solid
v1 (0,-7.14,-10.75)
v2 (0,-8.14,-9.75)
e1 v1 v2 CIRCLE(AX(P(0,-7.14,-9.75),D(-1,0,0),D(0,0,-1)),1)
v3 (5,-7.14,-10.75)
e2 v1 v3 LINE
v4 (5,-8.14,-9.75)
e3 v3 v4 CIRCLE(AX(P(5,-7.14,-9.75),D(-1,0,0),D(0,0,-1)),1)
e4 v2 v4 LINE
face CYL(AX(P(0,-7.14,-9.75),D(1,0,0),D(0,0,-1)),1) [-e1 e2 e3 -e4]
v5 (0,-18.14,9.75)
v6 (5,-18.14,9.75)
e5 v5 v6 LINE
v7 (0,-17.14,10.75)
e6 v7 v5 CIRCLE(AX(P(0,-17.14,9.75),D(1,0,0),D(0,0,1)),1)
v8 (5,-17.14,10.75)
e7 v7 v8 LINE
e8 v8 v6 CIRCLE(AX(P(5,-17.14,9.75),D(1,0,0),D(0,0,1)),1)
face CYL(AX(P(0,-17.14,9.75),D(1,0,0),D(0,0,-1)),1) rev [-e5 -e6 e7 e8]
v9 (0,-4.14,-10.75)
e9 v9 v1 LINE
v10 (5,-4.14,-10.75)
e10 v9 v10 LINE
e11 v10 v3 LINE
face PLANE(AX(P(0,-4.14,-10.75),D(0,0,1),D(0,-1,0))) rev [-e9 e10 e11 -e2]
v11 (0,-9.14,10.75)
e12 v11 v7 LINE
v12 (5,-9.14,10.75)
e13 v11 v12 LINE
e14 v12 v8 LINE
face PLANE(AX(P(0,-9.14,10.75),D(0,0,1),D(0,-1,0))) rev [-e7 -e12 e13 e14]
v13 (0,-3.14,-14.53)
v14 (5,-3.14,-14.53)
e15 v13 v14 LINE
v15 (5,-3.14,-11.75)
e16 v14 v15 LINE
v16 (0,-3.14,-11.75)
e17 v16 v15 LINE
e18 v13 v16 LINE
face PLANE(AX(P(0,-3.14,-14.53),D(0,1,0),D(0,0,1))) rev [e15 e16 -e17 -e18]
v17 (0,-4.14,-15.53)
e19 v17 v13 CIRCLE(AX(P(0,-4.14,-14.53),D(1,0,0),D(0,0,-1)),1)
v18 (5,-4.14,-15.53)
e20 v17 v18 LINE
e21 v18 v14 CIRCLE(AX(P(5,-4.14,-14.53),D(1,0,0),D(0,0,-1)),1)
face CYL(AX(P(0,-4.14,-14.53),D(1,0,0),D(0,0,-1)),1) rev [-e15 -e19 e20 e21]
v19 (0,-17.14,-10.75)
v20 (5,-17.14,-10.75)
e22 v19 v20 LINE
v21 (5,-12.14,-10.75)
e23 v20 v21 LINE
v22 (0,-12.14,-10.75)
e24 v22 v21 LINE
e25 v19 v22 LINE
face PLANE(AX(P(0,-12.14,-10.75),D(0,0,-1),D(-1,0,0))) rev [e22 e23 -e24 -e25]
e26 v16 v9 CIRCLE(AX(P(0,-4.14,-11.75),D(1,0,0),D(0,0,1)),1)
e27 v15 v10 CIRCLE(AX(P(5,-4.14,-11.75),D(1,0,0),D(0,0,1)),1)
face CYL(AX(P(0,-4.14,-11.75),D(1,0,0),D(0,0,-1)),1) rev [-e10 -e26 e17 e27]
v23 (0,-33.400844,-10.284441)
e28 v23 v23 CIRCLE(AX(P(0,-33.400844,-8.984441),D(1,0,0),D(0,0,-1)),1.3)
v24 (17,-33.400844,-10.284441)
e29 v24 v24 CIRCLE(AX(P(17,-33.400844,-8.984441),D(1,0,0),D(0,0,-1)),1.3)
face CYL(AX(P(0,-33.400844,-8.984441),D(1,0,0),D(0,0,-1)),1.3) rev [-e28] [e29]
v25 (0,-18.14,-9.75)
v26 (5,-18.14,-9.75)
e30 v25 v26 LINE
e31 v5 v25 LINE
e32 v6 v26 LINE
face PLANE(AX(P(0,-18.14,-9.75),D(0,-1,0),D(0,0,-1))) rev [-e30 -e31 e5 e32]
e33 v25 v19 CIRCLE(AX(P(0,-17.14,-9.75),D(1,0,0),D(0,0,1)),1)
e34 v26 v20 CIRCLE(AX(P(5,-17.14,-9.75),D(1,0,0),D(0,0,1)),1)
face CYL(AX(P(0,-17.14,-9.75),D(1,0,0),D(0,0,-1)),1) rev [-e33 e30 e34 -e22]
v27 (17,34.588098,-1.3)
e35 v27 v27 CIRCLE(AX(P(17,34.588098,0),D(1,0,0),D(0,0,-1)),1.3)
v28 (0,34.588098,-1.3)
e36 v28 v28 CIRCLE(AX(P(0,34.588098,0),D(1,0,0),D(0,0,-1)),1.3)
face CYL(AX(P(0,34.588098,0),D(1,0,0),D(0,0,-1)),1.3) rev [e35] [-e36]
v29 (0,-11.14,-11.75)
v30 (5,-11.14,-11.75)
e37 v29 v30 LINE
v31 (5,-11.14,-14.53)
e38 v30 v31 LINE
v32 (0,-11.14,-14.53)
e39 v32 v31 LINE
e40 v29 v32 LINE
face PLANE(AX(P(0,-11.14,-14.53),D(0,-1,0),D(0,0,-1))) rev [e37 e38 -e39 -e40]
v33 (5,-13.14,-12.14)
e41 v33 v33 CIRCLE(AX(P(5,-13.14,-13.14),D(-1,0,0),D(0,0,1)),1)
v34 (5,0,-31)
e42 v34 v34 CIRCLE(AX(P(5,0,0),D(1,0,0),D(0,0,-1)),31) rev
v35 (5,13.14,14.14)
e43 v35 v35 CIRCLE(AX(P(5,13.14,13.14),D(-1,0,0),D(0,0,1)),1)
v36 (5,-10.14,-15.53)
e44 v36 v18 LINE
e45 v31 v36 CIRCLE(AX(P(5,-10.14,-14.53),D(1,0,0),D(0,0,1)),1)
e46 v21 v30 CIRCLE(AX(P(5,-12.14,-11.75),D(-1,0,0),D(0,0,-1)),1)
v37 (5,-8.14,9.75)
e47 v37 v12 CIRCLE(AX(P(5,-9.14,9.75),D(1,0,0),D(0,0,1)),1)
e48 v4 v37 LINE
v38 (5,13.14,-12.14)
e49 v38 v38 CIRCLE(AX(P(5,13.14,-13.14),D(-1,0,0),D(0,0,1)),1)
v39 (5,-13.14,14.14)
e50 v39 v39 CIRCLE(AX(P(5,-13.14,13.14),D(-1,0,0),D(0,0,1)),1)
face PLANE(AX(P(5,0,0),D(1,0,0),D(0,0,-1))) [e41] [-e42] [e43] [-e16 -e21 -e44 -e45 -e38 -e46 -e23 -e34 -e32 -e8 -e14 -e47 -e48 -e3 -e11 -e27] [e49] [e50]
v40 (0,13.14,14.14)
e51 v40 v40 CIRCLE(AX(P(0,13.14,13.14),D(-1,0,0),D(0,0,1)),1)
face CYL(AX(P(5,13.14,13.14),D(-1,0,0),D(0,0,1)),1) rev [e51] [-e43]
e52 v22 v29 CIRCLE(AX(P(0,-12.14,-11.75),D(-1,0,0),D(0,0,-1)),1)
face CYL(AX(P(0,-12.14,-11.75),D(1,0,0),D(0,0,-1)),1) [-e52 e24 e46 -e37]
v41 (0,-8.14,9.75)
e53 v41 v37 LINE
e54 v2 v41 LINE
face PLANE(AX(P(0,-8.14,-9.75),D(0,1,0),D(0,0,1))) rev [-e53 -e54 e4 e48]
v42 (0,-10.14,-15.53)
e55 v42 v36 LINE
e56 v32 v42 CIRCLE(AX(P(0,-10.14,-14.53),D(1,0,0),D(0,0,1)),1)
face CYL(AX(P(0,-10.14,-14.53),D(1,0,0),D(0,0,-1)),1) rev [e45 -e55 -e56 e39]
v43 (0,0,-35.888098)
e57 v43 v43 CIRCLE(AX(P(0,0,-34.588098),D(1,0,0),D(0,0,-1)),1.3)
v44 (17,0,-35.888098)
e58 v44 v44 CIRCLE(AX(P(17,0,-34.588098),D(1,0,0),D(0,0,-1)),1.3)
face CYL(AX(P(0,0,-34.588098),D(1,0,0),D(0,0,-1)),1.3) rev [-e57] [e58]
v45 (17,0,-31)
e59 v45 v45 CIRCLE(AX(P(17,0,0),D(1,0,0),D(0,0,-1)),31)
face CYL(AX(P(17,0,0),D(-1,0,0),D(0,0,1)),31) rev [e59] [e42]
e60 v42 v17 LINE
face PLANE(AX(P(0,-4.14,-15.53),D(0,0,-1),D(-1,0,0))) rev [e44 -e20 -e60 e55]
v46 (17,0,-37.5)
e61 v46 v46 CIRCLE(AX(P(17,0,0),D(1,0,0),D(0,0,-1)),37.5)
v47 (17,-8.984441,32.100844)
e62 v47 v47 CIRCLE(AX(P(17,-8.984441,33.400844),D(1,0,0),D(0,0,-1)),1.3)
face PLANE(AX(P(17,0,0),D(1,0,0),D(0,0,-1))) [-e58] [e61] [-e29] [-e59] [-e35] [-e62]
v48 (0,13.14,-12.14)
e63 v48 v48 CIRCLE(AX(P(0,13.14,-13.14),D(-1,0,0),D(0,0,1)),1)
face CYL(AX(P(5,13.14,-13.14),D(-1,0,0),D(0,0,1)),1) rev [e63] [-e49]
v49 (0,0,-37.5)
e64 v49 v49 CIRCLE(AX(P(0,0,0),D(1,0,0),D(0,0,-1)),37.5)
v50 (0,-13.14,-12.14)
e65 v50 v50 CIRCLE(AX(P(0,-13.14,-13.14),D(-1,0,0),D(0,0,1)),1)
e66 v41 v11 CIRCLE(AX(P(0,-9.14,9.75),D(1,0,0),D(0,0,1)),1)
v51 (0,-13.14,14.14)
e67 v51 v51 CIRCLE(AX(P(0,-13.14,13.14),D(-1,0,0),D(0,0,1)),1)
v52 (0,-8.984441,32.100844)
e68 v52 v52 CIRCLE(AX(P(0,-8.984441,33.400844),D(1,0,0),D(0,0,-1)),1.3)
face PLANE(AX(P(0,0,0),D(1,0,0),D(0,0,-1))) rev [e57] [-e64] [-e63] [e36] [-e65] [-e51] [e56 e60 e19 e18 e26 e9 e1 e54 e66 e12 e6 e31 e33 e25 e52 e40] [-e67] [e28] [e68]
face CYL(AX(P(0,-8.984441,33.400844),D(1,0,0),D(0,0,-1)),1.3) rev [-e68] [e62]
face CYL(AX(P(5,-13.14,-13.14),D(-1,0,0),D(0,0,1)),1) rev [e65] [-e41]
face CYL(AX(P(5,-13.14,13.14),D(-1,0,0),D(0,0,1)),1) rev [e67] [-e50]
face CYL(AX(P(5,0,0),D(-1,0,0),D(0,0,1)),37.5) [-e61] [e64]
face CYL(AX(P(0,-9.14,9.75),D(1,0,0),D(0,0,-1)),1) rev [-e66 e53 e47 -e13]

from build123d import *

# Parameters (mm, degrees)
SKETCH1_R               = 37.5
BOSS_EXTRUDE1_DEPTH     = 5
SKETCH3_R               = 1
CUT_EXTRUDE2_DEPTH      = 6
SKETCH4_R               = 37.5
SKETCH4_R_2             = 31
BOSS_EXTRUDE2_DEPTH     = 12
SKETCH2_R               = 1.3
CUT_EXTRUDE1_DEPTH      = 13
CUT_EXTRUDE1_DEPTH_BACK = 6
CUT_EXTRUDE3_DEPTH      = 6


with BuildPart() as part:
    # Sketch1 → Boss-Extrude1 (new body)
    with BuildSketch(Plane(origin=(0, 0, 0), x_dir=(0, 0, -1), z_dir=(1, 0, 0))):
        Circle(SKETCH1_R)
    extrude(amount=BOSS_EXTRUDE1_DEPTH)

    # Sketch3 → Cut-Extrude2 (cut, through all)
    with BuildSketch(Plane.ZY):
        with Locations((-13.14, 13.14)):
            Circle(SKETCH3_R)
        with Locations((13.14, 13.14)):
            Circle(SKETCH3_R)
        with Locations((13.14, -13.14)):
            Circle(SKETCH3_R)
        with Locations((-13.14, -13.14)):
            Circle(SKETCH3_R)
    extrude(amount=-CUT_EXTRUDE2_DEPTH, mode=Mode.SUBTRACT)

    # Sketch4 → Boss-Extrude2 (add)
    with BuildSketch(Plane(origin=(5, 0, 0), x_dir=(0, 0, -1), z_dir=(1, 0, 0))):
        Circle(SKETCH4_R)
        Circle(SKETCH4_R_2, mode=Mode.SUBTRACT)
    extrude(amount=BOSS_EXTRUDE2_DEPTH)

    # Sketch2 → Cut-Extrude1 (cut, two sides)
    with BuildSketch(Plane(origin=(5, 0, 0), x_dir=(0, 0, -1), z_dir=(1, 0, 0))) as cut_extrude1_sk:
        with Locations((0, 34.588098227)):
            Circle(SKETCH2_R)
        with Locations((8.984441127, -33.400843651)):
            Circle(SKETCH2_R)
        with Locations((34.588098227, 0)):
            Circle(SKETCH2_R)
        with Locations((-33.400843651, -8.984441127)):
            Circle(SKETCH2_R)
    extrude(amount=CUT_EXTRUDE1_DEPTH, mode=Mode.SUBTRACT)
    extrude(cut_extrude1_sk.sketch, amount=-CUT_EXTRUDE1_DEPTH_BACK, mode=Mode.SUBTRACT)

    # Sketch5 → Cut-Extrude3 (cut, through all)
    with BuildSketch(Plane(origin=(5, 0, 0), x_dir=(0, 0, -1), z_dir=(1, 0, 0))):
        with BuildLine():
            Line((9.75, -8.14), (-9.75, -8.14))
            ThreePointArc((-9.75, -8.14), (-10.457106781, -8.432893219), (-10.75, -9.14))
            Line((-10.75, -9.14), (-10.75, -17.14))
            ThreePointArc((-10.75, -17.14), (-10.457106781, -17.847106781), (-9.75, -18.14))
            Line((-9.75, -18.14), (9.75, -18.14))
            ThreePointArc((9.75, -18.14), (10.457106781, -17.847106781), (10.75, -17.14))
            Line((10.75, -17.14), (10.75, -12.14))
            ThreePointArc((10.75, -12.14), (11.042893219, -11.432893219), (11.75, -11.14))
            Line((11.75, -11.14), (14.53, -11.14))
            ThreePointArc((14.53, -11.14), (15.237106781, -10.847106781), (15.53, -10.14))
            Line((15.53, -10.14), (15.53, -4.14))
            ThreePointArc((15.53, -4.14), (15.237106781, -3.432893219), (14.53, -3.14))
            Line((14.53, -3.14), (11.75, -3.14))
            ThreePointArc((11.75, -3.14), (11.042893219, -3.432893219), (10.75, -4.14))
            Line((10.75, -4.14), (10.75, -7.14))
            ThreePointArc((10.75, -7.14), (10.457106781, -7.847106781), (9.75, -8.14))
        make_face()
    extrude(amount=-CUT_EXTRUDE3_DEPTH, mode=Mode.SUBTRACT)


solid = part.part
